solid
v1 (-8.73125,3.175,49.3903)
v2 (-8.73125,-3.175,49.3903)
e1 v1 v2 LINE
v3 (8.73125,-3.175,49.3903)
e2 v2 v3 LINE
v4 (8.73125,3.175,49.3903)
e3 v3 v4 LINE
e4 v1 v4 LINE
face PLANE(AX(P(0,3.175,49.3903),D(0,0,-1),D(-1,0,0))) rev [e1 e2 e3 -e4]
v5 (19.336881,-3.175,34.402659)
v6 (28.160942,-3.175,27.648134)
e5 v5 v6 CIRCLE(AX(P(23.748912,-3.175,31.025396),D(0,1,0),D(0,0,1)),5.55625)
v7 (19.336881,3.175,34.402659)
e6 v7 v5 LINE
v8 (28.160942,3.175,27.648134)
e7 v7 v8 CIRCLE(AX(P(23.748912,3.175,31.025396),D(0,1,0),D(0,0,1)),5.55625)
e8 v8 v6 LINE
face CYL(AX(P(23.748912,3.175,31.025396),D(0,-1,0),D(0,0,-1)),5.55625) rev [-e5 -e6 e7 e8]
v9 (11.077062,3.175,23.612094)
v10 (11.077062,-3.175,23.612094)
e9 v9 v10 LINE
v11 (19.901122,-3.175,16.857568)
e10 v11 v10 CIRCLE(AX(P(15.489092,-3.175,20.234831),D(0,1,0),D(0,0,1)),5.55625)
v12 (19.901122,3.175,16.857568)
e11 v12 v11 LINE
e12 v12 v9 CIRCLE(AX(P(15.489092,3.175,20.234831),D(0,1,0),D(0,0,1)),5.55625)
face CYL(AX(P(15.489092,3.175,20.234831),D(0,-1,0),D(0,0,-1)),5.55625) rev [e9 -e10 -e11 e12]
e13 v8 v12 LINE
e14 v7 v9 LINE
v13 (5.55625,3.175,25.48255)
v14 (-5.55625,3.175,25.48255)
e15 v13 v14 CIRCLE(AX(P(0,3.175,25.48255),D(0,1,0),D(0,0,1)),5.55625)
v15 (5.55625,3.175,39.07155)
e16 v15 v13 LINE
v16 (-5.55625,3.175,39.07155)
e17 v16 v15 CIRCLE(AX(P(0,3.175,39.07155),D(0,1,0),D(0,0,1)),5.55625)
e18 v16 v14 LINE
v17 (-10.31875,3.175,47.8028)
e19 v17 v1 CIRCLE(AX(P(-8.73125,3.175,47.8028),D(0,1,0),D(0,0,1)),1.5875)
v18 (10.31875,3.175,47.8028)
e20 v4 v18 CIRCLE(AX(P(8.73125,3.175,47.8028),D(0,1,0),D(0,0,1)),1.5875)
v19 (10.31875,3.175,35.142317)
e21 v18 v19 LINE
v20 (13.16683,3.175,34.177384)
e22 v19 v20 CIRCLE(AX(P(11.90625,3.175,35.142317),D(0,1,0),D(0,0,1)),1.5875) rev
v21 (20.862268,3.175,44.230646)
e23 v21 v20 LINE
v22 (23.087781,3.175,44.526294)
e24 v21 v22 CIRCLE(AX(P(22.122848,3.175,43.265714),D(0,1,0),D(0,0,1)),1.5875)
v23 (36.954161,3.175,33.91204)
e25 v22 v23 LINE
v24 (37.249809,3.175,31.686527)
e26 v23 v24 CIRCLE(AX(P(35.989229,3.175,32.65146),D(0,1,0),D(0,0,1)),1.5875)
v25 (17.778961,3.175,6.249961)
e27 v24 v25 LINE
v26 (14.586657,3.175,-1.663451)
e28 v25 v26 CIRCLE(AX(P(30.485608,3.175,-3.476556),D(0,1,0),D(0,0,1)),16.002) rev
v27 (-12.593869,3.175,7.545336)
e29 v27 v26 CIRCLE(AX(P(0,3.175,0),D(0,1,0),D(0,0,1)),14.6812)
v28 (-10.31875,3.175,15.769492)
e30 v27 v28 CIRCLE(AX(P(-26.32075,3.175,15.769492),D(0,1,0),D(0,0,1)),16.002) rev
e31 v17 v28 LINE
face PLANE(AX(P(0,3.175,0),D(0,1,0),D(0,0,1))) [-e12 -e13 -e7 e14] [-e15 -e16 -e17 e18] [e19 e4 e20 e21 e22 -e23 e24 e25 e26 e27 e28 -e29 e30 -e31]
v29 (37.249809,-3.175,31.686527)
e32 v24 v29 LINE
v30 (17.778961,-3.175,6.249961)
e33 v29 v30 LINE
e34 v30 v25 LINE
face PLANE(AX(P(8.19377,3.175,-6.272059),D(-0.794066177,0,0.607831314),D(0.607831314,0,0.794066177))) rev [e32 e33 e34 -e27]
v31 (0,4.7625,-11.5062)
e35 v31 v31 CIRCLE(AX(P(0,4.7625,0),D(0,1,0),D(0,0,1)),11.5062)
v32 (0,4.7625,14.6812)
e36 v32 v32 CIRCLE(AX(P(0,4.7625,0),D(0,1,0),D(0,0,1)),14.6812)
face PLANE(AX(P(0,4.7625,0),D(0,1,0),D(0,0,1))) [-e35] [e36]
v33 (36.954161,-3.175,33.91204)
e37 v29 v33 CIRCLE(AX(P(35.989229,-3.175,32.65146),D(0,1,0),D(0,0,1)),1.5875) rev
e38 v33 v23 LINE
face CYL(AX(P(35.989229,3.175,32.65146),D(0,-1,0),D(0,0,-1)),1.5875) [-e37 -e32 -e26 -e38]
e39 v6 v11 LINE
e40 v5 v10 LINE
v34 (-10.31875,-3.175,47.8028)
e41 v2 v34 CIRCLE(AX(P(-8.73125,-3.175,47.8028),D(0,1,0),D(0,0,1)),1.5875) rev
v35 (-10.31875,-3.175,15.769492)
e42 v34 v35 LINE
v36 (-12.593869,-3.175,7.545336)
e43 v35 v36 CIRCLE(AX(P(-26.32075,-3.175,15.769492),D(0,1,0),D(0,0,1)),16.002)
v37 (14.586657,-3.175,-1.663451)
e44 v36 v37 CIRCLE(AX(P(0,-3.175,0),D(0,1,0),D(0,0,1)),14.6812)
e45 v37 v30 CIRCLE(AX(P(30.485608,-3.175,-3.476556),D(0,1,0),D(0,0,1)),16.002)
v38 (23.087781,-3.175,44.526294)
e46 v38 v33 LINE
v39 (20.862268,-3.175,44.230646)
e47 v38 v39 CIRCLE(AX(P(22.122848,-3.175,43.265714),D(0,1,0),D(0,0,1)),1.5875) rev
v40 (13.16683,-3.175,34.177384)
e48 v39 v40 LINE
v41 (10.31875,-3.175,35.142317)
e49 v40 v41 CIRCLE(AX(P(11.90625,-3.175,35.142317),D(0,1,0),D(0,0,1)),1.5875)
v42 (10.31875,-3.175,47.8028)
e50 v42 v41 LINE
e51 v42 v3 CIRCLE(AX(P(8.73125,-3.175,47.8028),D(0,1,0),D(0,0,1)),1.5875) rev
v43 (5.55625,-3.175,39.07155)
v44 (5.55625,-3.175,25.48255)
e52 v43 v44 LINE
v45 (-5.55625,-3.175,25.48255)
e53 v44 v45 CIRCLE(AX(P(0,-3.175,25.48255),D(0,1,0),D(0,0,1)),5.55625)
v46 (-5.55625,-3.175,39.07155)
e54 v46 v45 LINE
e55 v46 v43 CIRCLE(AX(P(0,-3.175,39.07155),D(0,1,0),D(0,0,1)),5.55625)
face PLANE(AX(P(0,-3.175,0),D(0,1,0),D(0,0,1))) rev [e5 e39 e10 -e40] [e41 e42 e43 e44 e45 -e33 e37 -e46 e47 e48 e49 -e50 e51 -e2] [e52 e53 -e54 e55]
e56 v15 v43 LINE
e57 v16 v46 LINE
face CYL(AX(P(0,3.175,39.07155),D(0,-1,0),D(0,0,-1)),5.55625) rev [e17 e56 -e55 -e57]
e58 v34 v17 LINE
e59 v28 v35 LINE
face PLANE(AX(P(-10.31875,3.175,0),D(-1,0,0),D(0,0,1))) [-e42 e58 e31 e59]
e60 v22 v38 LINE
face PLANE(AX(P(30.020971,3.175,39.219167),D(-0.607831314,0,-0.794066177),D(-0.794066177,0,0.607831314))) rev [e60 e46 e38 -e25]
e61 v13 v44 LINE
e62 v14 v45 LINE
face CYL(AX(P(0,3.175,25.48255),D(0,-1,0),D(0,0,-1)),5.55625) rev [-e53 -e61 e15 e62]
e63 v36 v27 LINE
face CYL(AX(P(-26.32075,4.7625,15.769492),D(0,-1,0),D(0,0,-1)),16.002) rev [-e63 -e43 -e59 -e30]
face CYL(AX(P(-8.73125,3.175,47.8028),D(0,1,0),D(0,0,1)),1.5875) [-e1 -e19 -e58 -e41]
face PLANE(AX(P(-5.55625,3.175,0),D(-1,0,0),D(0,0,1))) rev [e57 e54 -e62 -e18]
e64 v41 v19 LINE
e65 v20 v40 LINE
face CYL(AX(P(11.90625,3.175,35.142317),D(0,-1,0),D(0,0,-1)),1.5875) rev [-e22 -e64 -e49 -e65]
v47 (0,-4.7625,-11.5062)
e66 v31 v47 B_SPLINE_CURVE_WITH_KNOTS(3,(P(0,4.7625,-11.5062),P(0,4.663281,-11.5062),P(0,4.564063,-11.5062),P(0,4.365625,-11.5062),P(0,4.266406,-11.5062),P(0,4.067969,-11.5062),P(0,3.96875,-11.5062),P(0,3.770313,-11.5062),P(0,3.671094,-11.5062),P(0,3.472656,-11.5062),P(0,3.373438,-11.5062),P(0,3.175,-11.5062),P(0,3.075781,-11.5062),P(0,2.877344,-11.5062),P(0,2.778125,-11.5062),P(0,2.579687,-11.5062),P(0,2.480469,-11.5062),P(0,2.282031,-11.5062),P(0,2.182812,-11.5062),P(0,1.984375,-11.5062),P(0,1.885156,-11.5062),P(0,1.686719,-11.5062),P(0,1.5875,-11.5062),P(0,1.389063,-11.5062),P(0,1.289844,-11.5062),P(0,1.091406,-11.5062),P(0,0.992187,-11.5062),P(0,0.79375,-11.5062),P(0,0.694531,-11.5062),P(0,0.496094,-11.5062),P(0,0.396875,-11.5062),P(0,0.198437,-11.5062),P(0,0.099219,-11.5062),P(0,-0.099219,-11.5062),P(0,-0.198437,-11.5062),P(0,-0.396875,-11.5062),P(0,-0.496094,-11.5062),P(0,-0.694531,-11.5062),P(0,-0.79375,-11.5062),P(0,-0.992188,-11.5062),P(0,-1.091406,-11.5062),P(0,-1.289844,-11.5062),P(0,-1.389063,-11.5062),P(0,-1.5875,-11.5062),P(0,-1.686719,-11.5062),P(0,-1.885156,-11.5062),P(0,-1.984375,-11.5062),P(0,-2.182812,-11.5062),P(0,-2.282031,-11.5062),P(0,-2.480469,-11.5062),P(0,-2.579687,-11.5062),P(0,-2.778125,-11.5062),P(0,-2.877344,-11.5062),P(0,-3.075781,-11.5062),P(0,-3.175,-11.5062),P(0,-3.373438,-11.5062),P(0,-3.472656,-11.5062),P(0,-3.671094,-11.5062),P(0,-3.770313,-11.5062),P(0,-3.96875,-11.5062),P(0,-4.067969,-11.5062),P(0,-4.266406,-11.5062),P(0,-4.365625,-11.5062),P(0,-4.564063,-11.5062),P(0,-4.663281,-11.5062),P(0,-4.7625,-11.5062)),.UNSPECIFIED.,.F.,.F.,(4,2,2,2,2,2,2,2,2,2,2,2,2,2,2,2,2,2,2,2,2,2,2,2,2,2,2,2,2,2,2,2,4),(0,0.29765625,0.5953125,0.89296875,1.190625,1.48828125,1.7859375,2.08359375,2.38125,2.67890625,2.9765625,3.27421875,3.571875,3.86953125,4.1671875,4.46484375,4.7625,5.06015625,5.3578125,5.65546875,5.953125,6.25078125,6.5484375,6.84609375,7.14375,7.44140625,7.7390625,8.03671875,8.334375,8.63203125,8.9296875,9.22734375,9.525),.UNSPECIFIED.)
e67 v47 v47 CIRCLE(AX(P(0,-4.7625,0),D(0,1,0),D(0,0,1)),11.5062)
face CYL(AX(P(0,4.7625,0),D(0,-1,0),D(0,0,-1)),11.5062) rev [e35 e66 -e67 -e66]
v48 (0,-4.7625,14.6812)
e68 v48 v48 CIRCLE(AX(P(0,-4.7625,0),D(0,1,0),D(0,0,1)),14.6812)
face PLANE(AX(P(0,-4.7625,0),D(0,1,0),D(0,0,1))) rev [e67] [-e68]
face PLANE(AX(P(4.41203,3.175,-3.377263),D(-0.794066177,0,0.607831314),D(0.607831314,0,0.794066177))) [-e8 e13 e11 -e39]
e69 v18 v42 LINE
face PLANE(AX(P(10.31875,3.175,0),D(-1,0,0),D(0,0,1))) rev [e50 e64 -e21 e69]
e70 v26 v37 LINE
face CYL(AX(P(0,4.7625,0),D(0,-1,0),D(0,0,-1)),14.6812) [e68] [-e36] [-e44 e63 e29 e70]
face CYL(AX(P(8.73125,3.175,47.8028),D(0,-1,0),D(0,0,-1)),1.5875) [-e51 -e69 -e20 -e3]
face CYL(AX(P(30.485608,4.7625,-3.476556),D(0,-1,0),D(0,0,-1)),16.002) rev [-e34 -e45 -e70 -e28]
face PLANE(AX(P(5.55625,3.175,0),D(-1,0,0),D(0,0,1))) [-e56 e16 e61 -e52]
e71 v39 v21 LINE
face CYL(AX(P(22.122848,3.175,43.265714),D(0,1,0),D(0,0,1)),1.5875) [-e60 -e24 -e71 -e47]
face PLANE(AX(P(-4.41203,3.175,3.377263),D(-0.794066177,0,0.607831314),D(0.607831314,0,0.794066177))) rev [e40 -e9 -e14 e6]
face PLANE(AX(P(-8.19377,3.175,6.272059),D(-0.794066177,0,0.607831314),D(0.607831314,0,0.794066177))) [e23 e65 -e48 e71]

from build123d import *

# Parameters (mm, degrees)
SKETCH1_R                      = 14.6812
SKETCH1_R_2                    = 11.5062
BEARING_INSERT_EXTRUDE_DEPTH   = 4.7625
APEX_SLOT_INSERT_EXTRUDE_DEPTH = 3.175
FILLET1_R                      = 16.002
FILLET2_R                      = 1.5875


with BuildPart() as part:
    # Sketch1 → Bearing_Insert_Extrude (new, symmetric)
    with BuildSketch(Plane(origin=(0, 0, 0), x_dir=(1, 0, 0), z_dir=(0, 1, 0))):
        with Locations(Location((0, 0, 0), (0, 0, 90))):
            Circle(SKETCH1_R)
        with Locations(Location((0, 0, 0), (0, 0, 90))):
            Circle(SKETCH1_R_2, mode=Mode.SUBTRACT)
    extrude(amount=BEARING_INSERT_EXTRUDE_DEPTH, both=True)

    # Sketch1<4> → Apex_Slot_Insert_Extrude (add, symmetric)
    with BuildSketch(Plane(origin=(0, 0, 0), x_dir=(1, 0, 0), z_dir=(0, 1, 0))):
        with BuildLine():
            Line((-10.31875, -10.443228997), (-10.31875, -49.3903))
            Line((-10.31875, -49.3903), (10.31875, -49.3903))
            Line((10.31875, -49.3903), (10.31875, -30.456674331))
            Line((10.31875, -30.456674331), (21.827200563, -45.491226091))
            Line((21.827200563, -45.491226091), (38.2147413, -32.947107355))
            Line((38.2147413, -32.947107355), (14.541491968, -2.020555561))
            ThreePointArc((14.541491968, -2.020555561), (4.710970641, -13.904833298), (-10.31875, -10.443228997))
        make_face()
        with BuildLine():
            ThreePointArc((5.55625, -39.07155), (0, -44.6278), (-5.55625, -39.07155))
            Line((-5.55625, -39.07155), (-5.55625, -25.48255))
            ThreePointArc((-5.55625, -25.48255), (0, -19.9263), (5.55625, -25.48255))
            Line((5.55625, -25.48255), (5.55625, -39.07155))
        make_face(mode=Mode.SUBTRACT)
        with BuildLine():
            ThreePointArc((28.160941762, -27.648133618), (27.1261743, -35.437426553), (19.336881365, -34.402659091))
            Line((19.336881365, -34.402659091), (11.077061644, -23.612093806))
            ThreePointArc((11.077061644, -23.612093806), (12.111829106, -15.822800871), (19.90112204, -16.857568333))
            Line((19.90112204, -16.857568333), (28.160941762, -27.648133618))
        make_face(mode=Mode.SUBTRACT)
    extrude(amount=APEX_SLOT_INSERT_EXTRUDE_DEPTH, both=True)

    # Fillet1
    fillet1_edges = [part.edges().sort_by_distance(p)[0] for p in [
        (14.541491968, 0, 2.020555561),
        (-10.31875, 0, 10.443228997),
    ]]
    fillet(fillet1_edges, radius=FILLET1_R)

    # Fillet2
    fillet2_edges = [part.edges().sort_by_distance(p)[0] for p in [
        (-10.31875, 0, 49.3903),
        (10.31875, 0, 49.3903),
        (10.31875, 0, 30.456674331),
        (21.827200563, 0, 45.491226091),
        (38.2147413, 0, 32.947107355),
    ]]
    fillet(fillet2_edges, radius=FILLET2_R)


solid = part.part
